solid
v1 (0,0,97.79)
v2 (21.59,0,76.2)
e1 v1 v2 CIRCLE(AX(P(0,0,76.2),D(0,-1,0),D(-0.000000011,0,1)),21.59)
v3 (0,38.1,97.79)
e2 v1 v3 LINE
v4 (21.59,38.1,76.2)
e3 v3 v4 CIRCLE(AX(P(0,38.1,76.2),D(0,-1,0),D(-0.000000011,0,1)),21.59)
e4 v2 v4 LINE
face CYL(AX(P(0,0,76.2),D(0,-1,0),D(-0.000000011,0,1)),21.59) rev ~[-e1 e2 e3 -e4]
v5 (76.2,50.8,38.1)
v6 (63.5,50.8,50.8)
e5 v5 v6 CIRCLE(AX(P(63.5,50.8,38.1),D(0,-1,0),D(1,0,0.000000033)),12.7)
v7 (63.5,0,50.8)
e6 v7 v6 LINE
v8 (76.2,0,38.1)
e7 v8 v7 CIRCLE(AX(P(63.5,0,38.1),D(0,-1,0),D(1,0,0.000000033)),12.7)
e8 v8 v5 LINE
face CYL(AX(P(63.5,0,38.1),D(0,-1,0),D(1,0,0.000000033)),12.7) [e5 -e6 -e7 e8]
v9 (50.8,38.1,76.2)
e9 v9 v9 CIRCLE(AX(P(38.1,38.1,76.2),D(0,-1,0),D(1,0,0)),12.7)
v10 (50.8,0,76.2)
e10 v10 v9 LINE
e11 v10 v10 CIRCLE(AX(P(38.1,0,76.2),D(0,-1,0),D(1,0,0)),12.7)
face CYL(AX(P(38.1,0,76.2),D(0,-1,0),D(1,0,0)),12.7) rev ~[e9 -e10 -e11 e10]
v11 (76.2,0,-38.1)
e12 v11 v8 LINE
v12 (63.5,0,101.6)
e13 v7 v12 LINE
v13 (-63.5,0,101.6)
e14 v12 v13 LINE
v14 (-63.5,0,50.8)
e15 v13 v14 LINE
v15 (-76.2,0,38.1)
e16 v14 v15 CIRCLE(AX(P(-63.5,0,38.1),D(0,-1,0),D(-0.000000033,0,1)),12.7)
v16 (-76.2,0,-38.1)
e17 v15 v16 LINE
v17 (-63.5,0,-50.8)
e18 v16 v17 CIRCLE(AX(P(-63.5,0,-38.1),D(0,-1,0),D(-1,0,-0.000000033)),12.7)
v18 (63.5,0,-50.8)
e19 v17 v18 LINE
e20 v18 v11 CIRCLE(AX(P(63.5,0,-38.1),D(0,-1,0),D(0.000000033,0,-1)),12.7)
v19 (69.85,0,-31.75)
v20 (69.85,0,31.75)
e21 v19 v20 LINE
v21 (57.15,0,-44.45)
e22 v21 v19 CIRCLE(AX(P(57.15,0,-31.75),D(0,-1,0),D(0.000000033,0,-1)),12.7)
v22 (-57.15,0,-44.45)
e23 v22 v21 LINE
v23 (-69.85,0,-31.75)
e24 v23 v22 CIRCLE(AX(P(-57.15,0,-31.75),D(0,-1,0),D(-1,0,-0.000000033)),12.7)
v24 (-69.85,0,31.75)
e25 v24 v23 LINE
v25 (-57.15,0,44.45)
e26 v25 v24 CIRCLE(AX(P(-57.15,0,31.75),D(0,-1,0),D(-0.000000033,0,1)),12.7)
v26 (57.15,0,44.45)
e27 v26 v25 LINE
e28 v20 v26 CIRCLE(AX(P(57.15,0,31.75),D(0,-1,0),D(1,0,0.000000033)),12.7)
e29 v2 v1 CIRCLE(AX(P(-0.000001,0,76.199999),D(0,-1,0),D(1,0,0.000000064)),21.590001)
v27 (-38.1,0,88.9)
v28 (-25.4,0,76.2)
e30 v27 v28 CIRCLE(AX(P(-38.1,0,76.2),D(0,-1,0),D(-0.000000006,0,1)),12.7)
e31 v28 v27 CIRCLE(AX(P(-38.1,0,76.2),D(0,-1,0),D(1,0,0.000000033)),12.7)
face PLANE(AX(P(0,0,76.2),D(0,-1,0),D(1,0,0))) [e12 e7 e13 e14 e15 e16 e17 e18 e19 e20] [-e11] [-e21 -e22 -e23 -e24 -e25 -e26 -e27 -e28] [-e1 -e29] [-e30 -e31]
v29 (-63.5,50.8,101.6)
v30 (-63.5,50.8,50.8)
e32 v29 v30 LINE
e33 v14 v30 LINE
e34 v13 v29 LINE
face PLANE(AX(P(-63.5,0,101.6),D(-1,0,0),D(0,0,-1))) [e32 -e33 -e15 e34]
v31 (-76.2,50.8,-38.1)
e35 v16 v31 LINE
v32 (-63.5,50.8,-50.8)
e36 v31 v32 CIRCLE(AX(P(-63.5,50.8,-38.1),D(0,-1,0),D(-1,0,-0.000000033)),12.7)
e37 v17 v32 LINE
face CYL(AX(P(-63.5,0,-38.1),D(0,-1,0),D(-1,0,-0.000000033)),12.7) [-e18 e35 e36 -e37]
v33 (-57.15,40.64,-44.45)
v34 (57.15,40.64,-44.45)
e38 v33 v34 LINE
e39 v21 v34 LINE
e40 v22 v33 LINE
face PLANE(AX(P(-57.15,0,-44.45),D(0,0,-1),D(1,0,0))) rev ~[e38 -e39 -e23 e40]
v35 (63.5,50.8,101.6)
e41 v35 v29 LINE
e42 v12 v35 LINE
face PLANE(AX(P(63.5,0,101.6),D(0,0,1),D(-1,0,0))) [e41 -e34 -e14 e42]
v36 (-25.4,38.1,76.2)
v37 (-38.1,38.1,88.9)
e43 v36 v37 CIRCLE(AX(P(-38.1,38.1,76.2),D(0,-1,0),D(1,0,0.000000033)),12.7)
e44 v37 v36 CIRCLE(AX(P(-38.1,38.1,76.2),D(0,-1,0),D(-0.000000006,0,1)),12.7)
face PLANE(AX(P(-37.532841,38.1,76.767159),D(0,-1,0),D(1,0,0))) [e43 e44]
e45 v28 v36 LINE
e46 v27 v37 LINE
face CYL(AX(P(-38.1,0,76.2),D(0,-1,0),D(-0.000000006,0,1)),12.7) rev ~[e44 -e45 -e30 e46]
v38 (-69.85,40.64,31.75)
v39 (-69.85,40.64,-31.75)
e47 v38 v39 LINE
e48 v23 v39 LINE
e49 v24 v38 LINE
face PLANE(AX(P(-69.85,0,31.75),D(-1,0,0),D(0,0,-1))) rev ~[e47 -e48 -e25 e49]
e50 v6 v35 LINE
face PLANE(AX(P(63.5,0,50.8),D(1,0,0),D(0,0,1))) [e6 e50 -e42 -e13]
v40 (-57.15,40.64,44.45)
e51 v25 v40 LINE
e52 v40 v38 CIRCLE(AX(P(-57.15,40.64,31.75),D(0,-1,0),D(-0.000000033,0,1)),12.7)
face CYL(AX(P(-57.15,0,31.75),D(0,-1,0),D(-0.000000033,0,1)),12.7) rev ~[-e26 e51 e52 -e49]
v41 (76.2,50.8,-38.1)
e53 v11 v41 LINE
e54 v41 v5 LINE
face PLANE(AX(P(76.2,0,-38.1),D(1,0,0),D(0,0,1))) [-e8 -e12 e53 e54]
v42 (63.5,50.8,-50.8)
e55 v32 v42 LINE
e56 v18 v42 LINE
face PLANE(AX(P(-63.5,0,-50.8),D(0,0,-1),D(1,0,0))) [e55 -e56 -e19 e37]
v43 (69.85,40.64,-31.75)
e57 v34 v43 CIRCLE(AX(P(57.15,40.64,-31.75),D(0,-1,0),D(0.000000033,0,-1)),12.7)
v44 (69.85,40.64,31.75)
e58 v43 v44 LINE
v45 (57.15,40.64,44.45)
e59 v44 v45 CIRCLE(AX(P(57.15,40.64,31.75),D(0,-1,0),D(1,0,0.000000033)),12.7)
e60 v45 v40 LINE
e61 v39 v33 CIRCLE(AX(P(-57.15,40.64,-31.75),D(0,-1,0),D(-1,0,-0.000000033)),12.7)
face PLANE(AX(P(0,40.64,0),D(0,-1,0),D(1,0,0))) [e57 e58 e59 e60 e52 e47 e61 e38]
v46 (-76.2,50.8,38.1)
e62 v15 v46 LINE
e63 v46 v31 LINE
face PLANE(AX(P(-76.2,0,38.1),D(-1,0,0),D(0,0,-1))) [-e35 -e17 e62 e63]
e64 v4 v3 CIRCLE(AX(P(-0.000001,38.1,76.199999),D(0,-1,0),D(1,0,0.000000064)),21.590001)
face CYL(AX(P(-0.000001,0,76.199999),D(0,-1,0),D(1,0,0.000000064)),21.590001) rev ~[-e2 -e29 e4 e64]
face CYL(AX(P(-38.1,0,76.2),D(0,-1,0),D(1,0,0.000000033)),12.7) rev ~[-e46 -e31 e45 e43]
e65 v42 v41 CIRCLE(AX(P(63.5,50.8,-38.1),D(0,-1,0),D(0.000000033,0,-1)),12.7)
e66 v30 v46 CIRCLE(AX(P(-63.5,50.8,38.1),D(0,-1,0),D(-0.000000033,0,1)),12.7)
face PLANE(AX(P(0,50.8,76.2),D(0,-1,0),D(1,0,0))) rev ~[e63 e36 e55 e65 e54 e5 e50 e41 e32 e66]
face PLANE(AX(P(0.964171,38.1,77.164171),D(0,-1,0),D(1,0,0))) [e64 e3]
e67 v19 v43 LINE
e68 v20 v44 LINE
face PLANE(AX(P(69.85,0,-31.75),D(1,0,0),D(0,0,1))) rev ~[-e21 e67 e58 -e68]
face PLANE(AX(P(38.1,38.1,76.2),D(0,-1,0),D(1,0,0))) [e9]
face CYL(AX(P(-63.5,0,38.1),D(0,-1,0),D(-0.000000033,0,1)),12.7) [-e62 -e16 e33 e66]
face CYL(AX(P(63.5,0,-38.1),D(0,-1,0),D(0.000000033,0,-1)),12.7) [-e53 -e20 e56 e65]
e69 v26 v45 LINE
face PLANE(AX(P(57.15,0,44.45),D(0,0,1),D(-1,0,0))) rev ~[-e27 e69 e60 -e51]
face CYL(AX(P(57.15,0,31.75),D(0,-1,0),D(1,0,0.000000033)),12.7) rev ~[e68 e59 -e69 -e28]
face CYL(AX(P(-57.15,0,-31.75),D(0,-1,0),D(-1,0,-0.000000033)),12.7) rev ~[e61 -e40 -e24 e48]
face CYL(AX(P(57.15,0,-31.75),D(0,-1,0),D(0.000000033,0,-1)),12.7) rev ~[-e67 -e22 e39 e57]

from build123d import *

# Parameters (mm, degrees)
F1_DEPTH = 50.8
F3_DEPTH = 40.64
F0_R     = 12.7
F4_DEPTH = 50.8
F5_DEPTH = 38.1


with BuildPart() as f1:
    # F0 (on Front) → F1 (new body)
    with BuildSketch(Plane.XZ):
        with BuildLine():
            Line((-63.5, -50.8), (63.5, -50.8))
            ThreePointArc((63.5, -50.8), (72.480256, -47.080256), (76.2, -38.1))
            Line((76.2, -38.1), (76.2, 38.1))
            ThreePointArc((76.2, 38.1), (72.480256, 47.080256), (63.5, 50.8))
            Line((63.5, 50.8), (-63.5, 50.8))
            ThreePointArc((-63.5, 50.8), (-72.480256, 47.080256), (-76.2, 38.1))
            Line((-76.2, 38.1), (-76.2, -38.1))
            ThreePointArc((-76.2, -38.1), (-72.480256, -47.080256), (-63.5, -50.8))
        make_face()
    extrude(amount=-F1_DEPTH)

    # F2 (on face) → F3 (cut)
    with BuildSketch(Plane.XZ):
        with BuildLine():
            Line((-57.15, -44.45), (57.15, -44.45))
            ThreePointArc((57.15, -44.45), (66.130256, -40.730256), (69.85, -31.75))
            Line((69.85, -31.75), (69.85, 31.75))
            ThreePointArc((69.85, 31.75), (66.130256, 40.730256), (57.15, 44.45))
            Line((57.15, 44.45), (-57.15, 44.45))
            ThreePointArc((-57.15, 44.45), (-66.130256, 40.730256), (-69.85, 31.75))
            Line((-69.85, 31.75), (-69.85, -31.75))
            ThreePointArc((-69.85, -31.75), (-66.130256, -40.730256), (-57.15, -44.45))
        make_face()
    extrude(amount=-F3_DEPTH, mode=Mode.SUBTRACT)

    # F0 (on Front) → F4 (join)
    with BuildSketch(Plane.XZ):
        Polygon((-63.5, 50.8), (63.5, 50.8), (63.5, 76.2), (63.5, 101.6), (0, 101.6), (-38.1, 101.6), (-63.5, 101.6), align=None)
        with BuildLine():
            ThreePointArc((-25.4, 76.2), (-47.080256, 67.219744), (-38.1, 88.9))
            ThreePointArc((-38.1, 88.9), (-29.119744, 85.180256), (-25.4, 76.2))
        make_face(mode=Mode.SUBTRACT)
        with BuildLine():
            ThreePointArc((21.59, 76.2), (-15.266435, 60.933565), (0, 97.79))
            ThreePointArc((0, 97.79), (15.266435, 91.466435), (21.59, 76.2))
        make_face(mode=Mode.SUBTRACT)
        with Locations((38.1, 76.2)):
            Circle(F0_R, mode=Mode.SUBTRACT)
        with Locations((38.1, 76.2)):
            Circle(F0_R)
        with BuildLine():
            ThreePointArc((21.59, 76.2), (15.266435, 91.466435), (0, 97.79))
            ThreePointArc((0, 97.79), (-15.266435, 60.933565), (21.59, 76.2))
        make_face()
        with BuildLine():
            ThreePointArc((-25.4, 76.2), (-29.119744, 85.180256), (-38.1, 88.9))
            ThreePointArc((-38.1, 88.9), (-47.080256, 67.219744), (-25.4, 76.2))
        make_face()
    extrude(amount=-F4_DEPTH)

    # F0 (on Front) → F5 (cut)
    with BuildSketch(Plane.XZ):
        with BuildLine():
            ThreePointArc((-25.4, 76.2), (-29.119744, 85.180256), (-38.1, 88.9))
            ThreePointArc((-38.1, 88.9), (-47.080256, 67.219744), (-25.4, 76.2))
        make_face()
        with BuildLine():
            ThreePointArc((21.59, 76.2), (15.266435, 91.466435), (0, 97.79))
            ThreePointArc((0, 97.79), (-15.266435, 60.933565), (21.59, 76.2))
        make_face()
        with Locations((38.1, 76.2)):
            Circle(F0_R)
    extrude(amount=-F5_DEPTH, mode=Mode.SUBTRACT)


solid = f1.part
